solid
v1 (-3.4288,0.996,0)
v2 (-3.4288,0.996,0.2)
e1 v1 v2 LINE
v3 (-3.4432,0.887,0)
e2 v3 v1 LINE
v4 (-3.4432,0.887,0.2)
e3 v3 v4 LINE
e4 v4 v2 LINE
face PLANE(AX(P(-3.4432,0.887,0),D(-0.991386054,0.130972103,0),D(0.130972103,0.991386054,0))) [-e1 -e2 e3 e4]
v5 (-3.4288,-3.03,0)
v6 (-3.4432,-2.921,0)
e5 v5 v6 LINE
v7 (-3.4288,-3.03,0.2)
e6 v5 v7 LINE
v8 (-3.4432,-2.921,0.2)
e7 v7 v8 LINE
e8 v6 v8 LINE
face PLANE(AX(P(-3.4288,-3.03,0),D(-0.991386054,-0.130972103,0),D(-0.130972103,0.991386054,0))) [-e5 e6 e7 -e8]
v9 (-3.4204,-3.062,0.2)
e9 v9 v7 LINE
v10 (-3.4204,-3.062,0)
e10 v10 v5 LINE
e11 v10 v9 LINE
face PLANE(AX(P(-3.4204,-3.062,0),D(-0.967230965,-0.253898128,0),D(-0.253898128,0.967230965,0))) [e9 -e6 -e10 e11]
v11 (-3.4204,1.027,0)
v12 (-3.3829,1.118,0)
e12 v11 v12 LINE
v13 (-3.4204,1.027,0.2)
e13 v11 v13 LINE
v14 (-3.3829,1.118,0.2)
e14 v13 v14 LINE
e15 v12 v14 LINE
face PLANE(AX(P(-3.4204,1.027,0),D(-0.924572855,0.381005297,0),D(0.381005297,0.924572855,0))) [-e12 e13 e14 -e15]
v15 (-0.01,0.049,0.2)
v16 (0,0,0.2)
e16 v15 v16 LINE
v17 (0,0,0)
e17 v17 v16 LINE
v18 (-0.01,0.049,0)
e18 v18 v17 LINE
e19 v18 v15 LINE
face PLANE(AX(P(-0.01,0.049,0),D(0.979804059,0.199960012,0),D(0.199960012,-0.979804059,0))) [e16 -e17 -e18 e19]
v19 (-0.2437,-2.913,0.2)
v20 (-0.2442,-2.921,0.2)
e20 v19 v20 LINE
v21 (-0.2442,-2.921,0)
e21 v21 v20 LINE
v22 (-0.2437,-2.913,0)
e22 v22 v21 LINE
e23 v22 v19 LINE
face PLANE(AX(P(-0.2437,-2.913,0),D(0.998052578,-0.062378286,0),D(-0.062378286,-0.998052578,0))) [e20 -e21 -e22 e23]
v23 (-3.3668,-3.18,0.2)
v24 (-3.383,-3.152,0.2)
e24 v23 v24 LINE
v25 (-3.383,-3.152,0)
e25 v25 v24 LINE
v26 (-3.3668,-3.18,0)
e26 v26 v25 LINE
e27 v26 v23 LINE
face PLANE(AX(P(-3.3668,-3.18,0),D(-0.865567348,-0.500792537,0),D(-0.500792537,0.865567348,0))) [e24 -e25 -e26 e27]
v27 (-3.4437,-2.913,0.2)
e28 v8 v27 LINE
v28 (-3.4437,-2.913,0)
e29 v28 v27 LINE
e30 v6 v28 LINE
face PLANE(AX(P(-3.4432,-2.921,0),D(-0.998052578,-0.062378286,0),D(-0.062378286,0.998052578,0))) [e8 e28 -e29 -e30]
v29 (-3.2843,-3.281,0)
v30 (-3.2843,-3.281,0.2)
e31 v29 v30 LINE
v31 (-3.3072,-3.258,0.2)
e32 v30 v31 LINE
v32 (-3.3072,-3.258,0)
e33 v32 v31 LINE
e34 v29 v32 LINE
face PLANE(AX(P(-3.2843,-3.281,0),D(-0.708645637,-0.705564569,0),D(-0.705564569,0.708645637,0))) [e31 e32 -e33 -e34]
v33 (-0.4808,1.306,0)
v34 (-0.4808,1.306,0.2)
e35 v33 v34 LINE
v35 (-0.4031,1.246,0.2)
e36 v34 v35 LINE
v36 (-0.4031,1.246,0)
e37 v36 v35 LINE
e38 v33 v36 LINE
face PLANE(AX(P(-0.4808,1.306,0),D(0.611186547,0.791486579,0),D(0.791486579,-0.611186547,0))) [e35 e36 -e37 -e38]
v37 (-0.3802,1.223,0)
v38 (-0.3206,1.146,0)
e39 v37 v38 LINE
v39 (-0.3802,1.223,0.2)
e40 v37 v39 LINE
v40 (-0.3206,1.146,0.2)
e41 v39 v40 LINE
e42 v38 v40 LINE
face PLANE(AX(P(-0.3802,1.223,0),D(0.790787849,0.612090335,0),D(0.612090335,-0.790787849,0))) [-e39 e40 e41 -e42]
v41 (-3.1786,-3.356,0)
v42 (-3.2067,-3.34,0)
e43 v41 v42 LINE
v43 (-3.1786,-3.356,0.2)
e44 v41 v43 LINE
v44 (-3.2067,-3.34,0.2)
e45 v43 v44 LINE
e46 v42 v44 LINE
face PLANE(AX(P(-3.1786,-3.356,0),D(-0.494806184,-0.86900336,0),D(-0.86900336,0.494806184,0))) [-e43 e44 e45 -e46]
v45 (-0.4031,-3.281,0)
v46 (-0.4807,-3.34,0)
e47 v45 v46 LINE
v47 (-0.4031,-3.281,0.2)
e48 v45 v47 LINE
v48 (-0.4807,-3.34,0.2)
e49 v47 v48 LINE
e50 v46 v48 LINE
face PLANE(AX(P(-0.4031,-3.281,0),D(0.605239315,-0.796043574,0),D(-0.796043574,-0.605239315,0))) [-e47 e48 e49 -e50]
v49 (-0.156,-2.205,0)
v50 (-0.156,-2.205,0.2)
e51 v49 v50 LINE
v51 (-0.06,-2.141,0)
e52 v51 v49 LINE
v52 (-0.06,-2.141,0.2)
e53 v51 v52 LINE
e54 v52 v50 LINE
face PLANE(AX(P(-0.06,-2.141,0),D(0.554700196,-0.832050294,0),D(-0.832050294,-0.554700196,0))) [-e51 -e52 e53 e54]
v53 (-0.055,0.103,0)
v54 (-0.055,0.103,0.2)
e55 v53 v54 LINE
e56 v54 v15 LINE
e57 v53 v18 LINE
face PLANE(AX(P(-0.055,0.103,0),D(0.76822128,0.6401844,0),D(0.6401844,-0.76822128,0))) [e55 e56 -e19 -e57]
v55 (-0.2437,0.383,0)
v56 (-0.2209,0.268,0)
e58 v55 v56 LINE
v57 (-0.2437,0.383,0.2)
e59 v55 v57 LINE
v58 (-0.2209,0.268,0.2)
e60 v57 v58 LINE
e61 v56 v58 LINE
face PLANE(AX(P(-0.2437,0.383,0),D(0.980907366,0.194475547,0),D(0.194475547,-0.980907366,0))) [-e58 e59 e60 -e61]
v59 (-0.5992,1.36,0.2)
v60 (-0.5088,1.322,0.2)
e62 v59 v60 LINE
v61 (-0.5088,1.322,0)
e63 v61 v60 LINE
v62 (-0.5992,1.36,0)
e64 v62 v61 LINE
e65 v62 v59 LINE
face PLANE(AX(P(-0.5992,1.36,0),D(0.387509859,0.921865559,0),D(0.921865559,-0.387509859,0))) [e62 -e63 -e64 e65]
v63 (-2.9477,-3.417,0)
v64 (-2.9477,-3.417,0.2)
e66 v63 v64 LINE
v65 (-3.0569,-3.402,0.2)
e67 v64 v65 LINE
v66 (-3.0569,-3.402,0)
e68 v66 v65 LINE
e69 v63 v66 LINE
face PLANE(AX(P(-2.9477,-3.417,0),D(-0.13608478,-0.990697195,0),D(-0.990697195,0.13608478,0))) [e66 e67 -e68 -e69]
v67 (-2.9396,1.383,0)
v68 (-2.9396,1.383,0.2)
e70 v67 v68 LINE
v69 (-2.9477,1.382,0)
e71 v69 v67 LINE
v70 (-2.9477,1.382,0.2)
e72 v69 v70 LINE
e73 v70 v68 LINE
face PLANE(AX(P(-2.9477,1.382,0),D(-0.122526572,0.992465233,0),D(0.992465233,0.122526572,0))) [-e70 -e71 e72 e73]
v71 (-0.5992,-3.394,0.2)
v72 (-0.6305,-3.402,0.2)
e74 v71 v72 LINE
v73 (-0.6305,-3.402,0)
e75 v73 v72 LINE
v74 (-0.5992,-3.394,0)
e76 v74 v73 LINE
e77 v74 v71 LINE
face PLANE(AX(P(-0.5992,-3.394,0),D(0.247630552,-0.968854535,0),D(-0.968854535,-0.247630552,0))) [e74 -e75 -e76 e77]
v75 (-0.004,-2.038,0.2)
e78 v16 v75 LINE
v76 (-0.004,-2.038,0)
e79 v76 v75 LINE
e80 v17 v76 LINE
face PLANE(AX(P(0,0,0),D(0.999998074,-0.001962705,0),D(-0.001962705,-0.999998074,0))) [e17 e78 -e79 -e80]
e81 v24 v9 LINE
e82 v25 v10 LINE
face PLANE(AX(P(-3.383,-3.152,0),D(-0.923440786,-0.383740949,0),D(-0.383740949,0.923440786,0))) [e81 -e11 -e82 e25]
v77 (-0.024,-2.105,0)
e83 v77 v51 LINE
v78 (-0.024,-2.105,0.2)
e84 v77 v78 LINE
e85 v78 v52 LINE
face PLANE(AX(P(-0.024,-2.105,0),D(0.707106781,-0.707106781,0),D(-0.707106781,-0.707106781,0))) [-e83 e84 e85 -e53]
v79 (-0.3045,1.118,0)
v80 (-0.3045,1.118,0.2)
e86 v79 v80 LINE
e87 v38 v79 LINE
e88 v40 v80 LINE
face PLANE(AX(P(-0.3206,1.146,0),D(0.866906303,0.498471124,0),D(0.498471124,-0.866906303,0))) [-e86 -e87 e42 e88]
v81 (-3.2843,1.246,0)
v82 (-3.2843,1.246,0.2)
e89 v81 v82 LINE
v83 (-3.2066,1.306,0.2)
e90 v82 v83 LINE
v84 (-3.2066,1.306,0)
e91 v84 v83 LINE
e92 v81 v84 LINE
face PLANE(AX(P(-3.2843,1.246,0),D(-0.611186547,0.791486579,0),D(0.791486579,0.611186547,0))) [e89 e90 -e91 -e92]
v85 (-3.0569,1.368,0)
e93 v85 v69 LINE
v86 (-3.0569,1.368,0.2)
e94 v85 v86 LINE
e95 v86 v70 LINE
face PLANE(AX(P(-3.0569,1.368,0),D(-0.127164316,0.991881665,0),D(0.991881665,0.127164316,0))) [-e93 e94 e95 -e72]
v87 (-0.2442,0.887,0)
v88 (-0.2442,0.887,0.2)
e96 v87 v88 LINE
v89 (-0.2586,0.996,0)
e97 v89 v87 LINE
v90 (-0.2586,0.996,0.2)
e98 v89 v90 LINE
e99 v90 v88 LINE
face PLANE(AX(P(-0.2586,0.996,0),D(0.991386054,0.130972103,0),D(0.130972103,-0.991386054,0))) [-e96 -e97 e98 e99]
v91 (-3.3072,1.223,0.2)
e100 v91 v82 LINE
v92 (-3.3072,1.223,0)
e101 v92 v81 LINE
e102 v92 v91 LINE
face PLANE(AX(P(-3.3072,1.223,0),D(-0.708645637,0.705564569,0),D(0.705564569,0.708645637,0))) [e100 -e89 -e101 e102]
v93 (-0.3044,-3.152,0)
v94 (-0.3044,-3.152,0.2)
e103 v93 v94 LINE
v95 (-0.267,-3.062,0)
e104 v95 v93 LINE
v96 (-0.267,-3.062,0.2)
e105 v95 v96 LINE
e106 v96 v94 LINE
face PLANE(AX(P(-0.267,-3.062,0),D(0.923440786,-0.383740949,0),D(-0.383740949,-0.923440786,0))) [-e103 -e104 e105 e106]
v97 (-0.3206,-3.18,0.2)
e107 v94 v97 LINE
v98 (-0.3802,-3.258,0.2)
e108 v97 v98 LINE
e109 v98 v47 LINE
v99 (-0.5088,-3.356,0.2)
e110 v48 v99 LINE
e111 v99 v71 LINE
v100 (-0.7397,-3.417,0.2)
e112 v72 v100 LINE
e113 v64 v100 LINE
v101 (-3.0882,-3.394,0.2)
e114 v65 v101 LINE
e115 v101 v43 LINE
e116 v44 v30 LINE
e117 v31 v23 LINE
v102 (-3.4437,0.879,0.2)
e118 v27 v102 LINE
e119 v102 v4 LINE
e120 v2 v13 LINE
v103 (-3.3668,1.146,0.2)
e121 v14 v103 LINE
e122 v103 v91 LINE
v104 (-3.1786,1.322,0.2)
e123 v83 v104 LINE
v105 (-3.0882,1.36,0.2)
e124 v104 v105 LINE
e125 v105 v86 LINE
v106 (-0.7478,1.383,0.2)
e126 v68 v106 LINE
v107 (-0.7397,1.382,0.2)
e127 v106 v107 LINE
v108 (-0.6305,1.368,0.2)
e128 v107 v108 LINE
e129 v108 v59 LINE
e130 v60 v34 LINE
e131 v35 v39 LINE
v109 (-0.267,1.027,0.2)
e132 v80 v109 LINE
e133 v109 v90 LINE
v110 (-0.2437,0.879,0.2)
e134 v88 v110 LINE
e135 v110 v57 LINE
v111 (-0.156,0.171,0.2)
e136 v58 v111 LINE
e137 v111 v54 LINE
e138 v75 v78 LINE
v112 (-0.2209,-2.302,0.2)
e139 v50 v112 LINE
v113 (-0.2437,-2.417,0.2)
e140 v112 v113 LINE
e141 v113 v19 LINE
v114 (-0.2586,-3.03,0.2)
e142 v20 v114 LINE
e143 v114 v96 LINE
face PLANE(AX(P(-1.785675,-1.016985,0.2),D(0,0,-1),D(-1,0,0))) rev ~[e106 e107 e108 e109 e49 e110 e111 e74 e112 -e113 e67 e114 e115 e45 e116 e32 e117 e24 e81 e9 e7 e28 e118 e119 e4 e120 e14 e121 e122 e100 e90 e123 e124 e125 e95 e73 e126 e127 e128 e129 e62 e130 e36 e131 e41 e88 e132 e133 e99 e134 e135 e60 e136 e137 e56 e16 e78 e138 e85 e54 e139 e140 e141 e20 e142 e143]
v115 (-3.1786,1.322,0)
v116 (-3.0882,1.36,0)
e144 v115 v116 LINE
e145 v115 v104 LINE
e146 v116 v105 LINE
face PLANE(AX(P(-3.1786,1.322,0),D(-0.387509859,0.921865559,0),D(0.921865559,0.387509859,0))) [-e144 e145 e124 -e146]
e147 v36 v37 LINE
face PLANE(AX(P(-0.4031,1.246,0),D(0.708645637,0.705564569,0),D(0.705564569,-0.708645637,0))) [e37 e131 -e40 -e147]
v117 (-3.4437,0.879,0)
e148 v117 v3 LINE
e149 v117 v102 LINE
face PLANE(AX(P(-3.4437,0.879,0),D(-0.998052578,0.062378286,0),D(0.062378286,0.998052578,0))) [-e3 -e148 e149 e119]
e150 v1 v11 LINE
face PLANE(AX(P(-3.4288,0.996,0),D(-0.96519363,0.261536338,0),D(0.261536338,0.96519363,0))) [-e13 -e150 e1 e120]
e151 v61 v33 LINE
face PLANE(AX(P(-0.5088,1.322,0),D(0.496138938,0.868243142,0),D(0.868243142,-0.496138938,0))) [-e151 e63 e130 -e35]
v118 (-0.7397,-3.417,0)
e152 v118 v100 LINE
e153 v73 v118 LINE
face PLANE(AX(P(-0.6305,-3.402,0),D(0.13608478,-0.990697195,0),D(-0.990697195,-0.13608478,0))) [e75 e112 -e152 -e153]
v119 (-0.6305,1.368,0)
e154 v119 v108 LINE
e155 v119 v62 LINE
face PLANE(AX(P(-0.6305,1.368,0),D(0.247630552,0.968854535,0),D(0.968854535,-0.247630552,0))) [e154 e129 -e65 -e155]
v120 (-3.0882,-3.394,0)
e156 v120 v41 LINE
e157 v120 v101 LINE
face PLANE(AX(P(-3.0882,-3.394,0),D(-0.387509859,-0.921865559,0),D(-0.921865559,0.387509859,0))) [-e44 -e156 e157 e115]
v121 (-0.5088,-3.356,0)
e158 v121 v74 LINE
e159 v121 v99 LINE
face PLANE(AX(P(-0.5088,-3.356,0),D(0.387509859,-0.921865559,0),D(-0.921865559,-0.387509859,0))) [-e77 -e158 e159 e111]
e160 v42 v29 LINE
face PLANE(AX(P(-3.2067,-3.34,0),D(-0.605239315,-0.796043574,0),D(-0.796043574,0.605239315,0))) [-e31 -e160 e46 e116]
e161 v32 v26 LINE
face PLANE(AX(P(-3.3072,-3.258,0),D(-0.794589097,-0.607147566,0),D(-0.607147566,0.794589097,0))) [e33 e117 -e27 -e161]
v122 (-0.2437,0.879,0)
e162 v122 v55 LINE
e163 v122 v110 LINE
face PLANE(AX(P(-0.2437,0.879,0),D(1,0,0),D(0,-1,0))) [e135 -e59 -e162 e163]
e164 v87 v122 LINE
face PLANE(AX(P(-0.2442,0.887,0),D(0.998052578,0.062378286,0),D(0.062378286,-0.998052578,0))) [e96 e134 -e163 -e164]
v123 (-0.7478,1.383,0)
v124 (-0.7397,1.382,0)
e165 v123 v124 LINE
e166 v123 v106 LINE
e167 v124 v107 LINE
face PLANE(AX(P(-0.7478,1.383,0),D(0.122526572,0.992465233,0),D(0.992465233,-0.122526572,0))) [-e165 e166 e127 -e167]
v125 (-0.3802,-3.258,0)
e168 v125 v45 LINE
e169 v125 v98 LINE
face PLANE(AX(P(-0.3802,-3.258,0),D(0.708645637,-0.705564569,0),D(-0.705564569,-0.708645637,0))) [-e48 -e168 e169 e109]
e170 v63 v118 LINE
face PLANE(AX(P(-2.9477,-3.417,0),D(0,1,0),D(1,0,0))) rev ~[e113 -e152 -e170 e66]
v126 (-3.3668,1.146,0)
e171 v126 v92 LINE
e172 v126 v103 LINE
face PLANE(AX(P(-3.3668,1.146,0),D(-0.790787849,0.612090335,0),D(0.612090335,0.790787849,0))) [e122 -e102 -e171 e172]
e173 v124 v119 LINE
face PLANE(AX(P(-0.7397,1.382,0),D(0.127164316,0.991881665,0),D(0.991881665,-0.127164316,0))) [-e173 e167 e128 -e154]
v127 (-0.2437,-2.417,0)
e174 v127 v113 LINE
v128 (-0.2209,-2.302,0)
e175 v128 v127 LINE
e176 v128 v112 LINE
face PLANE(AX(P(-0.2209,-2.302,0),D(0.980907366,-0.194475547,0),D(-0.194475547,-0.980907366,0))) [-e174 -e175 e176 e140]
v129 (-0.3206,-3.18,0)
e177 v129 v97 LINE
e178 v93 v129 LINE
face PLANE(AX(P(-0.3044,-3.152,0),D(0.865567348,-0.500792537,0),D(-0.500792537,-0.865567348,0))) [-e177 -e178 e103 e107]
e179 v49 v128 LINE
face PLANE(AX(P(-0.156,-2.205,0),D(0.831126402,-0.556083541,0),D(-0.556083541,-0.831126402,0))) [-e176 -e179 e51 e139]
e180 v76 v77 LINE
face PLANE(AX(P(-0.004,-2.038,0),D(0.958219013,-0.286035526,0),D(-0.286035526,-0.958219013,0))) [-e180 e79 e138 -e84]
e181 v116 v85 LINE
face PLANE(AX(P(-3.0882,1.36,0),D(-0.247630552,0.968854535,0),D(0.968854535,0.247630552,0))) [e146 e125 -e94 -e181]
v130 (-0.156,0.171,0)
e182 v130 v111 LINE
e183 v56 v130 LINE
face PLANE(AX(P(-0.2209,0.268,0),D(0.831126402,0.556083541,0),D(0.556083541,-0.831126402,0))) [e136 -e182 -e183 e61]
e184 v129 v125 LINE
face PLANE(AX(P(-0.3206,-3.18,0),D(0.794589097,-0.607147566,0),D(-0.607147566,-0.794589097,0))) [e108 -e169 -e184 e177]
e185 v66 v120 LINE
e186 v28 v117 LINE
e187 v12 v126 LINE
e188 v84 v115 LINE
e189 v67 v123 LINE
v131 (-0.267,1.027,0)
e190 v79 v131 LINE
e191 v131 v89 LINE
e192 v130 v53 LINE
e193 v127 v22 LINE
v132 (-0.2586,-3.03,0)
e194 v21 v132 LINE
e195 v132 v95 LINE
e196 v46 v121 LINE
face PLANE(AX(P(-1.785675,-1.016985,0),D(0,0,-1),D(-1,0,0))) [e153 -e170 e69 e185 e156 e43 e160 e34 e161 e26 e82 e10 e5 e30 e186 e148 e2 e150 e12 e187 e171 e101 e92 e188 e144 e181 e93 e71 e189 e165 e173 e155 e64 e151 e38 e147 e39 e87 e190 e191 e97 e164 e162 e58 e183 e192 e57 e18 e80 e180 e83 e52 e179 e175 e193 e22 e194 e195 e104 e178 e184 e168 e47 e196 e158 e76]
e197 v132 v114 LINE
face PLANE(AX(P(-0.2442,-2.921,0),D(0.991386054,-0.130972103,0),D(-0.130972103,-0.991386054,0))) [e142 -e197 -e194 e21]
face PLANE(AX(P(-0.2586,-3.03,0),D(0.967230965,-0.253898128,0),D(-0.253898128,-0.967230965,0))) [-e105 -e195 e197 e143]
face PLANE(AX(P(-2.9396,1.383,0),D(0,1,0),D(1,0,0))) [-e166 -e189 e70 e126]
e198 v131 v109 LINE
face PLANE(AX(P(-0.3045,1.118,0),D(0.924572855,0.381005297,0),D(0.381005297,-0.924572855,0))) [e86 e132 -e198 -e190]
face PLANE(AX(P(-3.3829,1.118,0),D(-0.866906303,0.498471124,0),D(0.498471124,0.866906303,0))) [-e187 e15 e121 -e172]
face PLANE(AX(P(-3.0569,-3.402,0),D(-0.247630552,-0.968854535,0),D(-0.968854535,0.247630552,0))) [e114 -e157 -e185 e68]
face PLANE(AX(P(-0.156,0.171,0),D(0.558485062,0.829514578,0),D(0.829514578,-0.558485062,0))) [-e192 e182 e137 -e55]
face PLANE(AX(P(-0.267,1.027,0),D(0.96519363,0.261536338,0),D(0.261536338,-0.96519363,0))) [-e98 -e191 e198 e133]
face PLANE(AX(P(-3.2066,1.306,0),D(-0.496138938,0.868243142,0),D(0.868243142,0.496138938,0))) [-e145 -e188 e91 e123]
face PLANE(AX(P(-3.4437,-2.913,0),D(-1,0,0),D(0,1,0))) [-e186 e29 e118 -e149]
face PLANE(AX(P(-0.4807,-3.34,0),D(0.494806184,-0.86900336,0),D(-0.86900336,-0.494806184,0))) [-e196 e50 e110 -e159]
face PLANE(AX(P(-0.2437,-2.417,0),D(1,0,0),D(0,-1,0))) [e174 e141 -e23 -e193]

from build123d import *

# Parameters (mm, degrees)
BOSS_EXTRUDE1_DEPTH   = 0.2
BOSS_EXTRUDE1_2_DEPTH = 0.2


with BuildPart() as part:
    # Model → Boss-Extrude1 (new body)
    with BuildSketch(Plane.XY):
        Polygon((-0.7397, 1.382), (-0.6305, 1.368), (-0.5992, 1.36), (-0.5088, 1.322), (-0.4808, 1.306), (-0.4031, 1.246), (-0.3802, 1.223), (-0.3206, 1.146), (-0.3045, 1.118), (-0.267, 1.027), (-0.2586, 0.996), (-0.2442, 0.887), (-0.2437, 0.879), (-0.2437, 0.383), (-0.2209, 0.268), (-0.156, 0.171), (-0.055, 0.103), (-0.01, 0.049), (0, 0), (-0.004, -2.038), (-0.024, -2.105), (-0.06, -2.141), (-0.156, -2.205), (-0.2209, -2.302), (-0.2437, -2.417), (-0.2437, -2.913), (-0.2442, -2.921), (-0.2586, -3.03), (-0.267, -3.062), (-0.3044, -3.152), (-0.3206, -3.18), (-0.3802, -3.258), (-0.4031, -3.281), (-0.4807, -3.34), (-0.5088, -3.356), (-0.5992, -3.394), (-0.6305, -3.402), (-0.7397, -3.417), (-0.7478, -3.417), (-2.9396, -3.417), (-2.9477, -3.417), (-3.0569, -3.402), (-3.0882, -3.394), (-3.1786, -3.356), (-3.2067, -3.34), (-3.2843, -3.281), (-3.3072, -3.258), (-3.3668, -3.18), (-3.383, -3.152), (-3.4204, -3.062), (-3.4288, -3.03), (-3.4432, -2.921), (-3.4437, -2.913), (-3.4437, 0.879), (-3.4432, 0.887), (-3.4288, 0.996), (-3.4204, 1.027), (-3.3829, 1.118), (-3.3668, 1.146), (-3.3072, 1.223), (-3.2843, 1.246), (-3.2066, 1.306), (-3.1786, 1.322), (-3.0882, 1.36), (-3.0569, 1.368), (-2.9477, 1.382), (-2.9396, 1.383), (-0.7478, 1.383), align=None)
    extrude(amount=BOSS_EXTRUDE1_DEPTH)


with BuildPart() as body_2:
    # Model → Boss-Extrude1 2 (new body)
    with BuildSketch(Plane.XY):
        Polygon((25.081, 4.408), (25.127, 4.355), (25.138, 4.304), (25.138, 3.44), (25.136, 3.416), (25.128, 3.375), (25.109, 3.331), (25.093, 3.307), (25.059, 3.273), (25.035, 3.257), (24.99, 3.238), (24.95, 3.23), (24.926, 3.228), (23.85, 3.228), (23.826, 3.23), (23.786, 3.238), (23.741, 3.257), (23.717, 3.273), (23.683, 3.307), (23.667, 3.331), (23.648, 3.375), (23.64, 3.416), (23.638, 3.44), (23.638, 4.304), (23.658, 4.371), (23.711, 4.416), (23.762, 4.428), (25.014, 4.428), align=None)
    extrude(amount=BOSS_EXTRUDE1_2_DEPTH)


solid = part.part
